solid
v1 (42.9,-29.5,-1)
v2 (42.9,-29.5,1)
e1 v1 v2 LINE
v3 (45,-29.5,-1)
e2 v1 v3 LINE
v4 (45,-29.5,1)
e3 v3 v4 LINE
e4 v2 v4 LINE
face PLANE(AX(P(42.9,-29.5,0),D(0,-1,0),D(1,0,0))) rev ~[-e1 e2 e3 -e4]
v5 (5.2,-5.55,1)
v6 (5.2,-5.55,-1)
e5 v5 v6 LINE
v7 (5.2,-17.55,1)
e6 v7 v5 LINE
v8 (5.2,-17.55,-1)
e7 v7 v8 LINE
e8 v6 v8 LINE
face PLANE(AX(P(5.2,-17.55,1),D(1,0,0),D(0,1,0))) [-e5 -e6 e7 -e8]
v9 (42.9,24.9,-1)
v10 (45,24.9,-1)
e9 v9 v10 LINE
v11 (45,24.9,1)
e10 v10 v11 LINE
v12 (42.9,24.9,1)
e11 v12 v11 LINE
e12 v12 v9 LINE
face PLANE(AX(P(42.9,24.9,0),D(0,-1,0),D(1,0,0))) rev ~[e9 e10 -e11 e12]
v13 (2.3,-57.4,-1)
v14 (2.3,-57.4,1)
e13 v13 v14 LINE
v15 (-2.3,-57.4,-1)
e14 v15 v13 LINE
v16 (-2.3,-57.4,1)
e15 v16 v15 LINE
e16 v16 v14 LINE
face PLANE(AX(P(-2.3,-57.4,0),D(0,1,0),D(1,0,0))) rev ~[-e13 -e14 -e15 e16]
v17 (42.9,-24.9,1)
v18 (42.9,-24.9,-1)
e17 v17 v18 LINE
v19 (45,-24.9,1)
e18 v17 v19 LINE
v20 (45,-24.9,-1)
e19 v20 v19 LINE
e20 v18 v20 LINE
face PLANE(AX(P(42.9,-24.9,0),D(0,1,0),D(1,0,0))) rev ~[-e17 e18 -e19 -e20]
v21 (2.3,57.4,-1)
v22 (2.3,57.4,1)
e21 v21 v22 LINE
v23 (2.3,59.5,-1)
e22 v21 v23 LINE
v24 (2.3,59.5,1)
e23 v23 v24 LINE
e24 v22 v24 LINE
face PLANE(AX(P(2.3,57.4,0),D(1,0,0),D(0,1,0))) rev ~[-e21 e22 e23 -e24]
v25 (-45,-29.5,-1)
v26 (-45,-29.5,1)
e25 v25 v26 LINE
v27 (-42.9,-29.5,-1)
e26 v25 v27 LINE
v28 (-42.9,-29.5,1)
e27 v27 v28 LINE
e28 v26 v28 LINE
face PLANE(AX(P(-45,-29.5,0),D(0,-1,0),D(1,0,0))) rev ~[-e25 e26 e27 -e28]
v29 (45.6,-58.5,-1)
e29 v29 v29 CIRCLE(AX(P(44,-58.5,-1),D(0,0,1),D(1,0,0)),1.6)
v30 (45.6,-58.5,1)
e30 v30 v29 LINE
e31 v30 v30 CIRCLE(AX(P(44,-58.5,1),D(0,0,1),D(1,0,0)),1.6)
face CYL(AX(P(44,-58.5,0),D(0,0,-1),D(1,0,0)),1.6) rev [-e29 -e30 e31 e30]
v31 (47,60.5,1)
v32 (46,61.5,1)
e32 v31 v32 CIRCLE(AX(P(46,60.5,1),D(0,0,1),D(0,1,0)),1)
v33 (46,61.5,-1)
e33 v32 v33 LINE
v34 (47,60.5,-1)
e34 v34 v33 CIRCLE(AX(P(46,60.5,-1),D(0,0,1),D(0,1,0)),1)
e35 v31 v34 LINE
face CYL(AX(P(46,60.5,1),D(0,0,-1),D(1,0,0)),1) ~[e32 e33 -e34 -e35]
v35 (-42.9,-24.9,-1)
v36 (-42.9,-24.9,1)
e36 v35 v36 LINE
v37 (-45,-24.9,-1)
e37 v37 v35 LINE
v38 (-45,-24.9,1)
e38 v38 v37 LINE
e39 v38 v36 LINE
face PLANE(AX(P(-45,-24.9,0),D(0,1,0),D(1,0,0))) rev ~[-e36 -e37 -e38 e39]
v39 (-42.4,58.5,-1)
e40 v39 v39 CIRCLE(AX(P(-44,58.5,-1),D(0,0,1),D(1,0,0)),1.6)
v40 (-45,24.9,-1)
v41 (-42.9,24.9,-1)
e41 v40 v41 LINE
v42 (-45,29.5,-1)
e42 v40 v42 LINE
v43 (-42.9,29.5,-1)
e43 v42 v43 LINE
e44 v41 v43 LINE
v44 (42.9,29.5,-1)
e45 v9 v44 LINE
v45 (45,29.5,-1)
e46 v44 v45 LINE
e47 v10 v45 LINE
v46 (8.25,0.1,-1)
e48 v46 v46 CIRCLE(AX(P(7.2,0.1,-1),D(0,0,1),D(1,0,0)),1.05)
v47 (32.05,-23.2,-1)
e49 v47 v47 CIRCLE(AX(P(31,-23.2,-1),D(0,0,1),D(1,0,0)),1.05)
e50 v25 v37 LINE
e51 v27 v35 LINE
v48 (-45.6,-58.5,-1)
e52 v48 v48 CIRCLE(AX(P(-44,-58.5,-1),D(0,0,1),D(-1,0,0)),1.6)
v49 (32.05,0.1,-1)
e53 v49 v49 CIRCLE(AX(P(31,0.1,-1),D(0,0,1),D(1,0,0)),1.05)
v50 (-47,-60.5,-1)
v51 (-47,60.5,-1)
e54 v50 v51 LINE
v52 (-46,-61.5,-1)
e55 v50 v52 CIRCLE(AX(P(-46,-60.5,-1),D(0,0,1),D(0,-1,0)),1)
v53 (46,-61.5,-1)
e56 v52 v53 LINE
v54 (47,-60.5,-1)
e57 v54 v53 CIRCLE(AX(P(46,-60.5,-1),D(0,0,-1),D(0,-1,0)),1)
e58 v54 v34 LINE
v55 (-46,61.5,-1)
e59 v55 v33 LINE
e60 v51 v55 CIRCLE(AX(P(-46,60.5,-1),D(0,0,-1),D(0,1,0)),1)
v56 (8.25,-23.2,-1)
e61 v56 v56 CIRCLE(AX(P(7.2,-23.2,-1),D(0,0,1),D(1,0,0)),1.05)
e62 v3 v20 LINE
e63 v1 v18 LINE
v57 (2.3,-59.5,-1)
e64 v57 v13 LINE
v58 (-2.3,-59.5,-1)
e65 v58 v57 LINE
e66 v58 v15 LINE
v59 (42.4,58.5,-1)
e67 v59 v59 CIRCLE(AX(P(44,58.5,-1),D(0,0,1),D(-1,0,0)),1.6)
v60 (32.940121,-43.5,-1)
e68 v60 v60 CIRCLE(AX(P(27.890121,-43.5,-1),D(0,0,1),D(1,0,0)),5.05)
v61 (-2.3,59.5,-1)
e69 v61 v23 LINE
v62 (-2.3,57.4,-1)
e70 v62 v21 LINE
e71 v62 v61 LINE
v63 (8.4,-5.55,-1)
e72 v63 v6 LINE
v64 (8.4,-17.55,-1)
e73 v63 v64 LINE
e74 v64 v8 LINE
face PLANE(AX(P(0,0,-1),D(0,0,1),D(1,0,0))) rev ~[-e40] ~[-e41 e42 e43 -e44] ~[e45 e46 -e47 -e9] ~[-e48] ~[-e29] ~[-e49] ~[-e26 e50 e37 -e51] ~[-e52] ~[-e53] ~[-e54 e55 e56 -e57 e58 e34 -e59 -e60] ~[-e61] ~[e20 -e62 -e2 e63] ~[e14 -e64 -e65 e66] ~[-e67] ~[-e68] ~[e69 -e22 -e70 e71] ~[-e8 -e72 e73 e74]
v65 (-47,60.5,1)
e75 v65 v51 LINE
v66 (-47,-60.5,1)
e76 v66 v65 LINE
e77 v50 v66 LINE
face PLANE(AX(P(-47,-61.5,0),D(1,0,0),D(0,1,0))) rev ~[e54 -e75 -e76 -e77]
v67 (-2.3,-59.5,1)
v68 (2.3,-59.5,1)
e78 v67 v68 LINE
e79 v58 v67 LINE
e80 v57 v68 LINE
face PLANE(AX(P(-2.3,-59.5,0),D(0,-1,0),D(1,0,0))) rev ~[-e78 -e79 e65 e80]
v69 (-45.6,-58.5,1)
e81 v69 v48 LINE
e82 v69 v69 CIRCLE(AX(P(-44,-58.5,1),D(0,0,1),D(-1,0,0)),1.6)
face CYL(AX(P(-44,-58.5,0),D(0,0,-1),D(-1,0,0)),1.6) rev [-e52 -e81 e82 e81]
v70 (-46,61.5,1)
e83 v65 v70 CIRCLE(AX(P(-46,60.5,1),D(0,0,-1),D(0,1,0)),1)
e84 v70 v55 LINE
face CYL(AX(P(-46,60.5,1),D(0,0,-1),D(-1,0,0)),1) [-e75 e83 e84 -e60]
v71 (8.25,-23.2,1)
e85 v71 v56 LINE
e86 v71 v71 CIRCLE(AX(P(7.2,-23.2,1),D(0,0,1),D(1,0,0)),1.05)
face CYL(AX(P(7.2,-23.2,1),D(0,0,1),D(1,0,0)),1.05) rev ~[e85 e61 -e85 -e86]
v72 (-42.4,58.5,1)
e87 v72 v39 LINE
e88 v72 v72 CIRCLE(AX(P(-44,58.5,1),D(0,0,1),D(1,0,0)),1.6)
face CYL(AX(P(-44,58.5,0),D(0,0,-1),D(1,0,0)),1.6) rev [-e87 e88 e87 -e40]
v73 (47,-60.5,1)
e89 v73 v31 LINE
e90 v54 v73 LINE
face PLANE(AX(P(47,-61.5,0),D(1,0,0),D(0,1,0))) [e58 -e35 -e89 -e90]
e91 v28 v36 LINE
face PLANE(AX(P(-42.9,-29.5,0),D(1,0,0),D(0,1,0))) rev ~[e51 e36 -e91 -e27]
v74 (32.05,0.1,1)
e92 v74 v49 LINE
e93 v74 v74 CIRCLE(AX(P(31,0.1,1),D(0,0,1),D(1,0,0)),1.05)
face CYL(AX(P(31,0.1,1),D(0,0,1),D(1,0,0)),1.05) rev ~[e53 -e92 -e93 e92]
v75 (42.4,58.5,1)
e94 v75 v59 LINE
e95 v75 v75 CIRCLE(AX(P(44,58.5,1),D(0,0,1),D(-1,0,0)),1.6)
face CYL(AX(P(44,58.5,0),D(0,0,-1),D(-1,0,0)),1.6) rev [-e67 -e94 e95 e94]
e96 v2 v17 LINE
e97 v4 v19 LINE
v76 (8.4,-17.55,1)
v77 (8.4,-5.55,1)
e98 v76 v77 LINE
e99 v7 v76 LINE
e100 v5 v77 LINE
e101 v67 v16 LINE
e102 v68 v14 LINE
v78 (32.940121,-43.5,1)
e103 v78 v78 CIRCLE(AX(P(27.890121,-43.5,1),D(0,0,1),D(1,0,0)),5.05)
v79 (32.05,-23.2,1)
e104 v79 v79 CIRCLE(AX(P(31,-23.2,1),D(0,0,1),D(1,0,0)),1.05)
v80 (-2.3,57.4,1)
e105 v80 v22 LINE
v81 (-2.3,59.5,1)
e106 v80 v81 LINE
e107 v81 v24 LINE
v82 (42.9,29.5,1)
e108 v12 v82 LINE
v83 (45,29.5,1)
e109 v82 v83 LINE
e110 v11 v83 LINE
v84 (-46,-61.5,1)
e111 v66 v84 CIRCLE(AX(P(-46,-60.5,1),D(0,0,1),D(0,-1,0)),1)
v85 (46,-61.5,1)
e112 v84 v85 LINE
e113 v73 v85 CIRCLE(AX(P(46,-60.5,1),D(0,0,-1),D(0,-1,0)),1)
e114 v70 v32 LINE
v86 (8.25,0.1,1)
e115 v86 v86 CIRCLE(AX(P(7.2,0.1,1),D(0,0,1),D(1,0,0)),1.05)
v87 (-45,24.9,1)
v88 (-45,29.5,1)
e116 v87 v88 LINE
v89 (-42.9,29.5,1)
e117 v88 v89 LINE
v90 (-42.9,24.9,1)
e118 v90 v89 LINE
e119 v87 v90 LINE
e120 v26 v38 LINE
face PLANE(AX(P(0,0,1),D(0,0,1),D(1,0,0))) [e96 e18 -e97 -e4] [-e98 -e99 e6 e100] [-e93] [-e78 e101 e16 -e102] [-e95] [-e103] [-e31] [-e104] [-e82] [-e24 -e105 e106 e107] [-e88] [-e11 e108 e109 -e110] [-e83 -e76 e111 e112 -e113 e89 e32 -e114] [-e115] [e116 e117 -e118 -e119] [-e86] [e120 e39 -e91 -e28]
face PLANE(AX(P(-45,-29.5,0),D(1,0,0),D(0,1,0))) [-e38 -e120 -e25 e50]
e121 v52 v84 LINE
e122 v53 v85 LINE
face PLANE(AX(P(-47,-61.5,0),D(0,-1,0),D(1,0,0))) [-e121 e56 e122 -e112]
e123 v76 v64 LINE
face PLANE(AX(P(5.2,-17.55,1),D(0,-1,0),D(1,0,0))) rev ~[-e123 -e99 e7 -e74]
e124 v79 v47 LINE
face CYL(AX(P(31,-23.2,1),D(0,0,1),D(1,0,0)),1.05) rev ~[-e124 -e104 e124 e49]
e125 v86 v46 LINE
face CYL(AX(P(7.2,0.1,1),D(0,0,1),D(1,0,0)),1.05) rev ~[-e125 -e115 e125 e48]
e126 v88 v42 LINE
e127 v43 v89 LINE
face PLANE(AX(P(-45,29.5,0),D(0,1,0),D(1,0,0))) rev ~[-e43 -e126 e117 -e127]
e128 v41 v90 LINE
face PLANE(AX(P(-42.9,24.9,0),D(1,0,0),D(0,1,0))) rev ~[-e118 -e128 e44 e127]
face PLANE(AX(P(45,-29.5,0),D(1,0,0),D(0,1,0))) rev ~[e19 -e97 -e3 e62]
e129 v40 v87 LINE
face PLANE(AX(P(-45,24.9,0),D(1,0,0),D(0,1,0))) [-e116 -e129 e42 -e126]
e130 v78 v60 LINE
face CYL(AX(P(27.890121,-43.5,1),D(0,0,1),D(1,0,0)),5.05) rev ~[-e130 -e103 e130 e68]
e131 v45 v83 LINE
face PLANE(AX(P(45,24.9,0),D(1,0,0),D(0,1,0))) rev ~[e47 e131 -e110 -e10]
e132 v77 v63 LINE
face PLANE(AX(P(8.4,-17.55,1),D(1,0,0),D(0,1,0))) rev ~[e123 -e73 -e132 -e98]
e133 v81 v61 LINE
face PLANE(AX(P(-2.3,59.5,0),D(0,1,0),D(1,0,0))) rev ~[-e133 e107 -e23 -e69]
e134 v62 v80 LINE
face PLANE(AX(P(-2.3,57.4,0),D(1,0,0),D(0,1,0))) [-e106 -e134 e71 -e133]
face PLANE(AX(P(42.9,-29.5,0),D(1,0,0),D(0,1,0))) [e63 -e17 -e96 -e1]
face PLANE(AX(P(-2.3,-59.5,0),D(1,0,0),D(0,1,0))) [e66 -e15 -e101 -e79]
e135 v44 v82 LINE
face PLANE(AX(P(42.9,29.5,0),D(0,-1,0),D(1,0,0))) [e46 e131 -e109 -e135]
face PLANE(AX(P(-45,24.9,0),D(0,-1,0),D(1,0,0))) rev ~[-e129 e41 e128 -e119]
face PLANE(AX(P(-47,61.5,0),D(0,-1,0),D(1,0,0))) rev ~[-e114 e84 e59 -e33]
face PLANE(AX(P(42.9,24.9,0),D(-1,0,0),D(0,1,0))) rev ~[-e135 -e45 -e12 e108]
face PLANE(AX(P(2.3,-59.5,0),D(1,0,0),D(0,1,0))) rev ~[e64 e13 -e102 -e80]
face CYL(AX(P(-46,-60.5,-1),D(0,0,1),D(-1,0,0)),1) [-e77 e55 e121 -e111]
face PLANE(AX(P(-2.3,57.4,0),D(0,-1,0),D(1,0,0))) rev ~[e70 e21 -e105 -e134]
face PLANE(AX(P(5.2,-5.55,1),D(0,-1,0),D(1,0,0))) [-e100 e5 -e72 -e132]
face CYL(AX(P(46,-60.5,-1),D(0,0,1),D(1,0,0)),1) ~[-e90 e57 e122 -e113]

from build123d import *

# Parameters (mm, degrees)
SKETCH1_W           = 94
SKETCH1_H           = 123
SKETCH1_R           = 1.6
SKETCH1_W_2         = 4.6
SKETCH1_H_2         = 2.1
SKETCH1_W_3         = 2.1
SKETCH1_H_3         = 4.6
BOSS_EXTRUDE1_DEPTH = 1
FILLET1_R           = 1
CUT_EXTRUDE1_REACH  = 79.429
SKETCH2_R           = 5.05
SKETCH2_R_2         = 1.05
SKETCH2_W           = 3.2
SKETCH2_H           = 12


with BuildPart() as part:
    # Sketch1 → Boss-Extrude1 (new, symmetric)
    with BuildSketch(Plane.XY):
        Rectangle(SKETCH1_W, SKETCH1_H)
        with Locations((-44, 58.5)):
            Circle(SKETCH1_R, mode=Mode.SUBTRACT)
        with Locations(Location((-44, -58.5, 0), (0, 0, 180))):
            Circle(SKETCH1_R, mode=Mode.SUBTRACT)
        with Locations((44, -58.5)):
            Circle(SKETCH1_R, mode=Mode.SUBTRACT)
        with Locations(Location((44, 58.5, 0), (0, 0, 180))):
            Circle(SKETCH1_R, mode=Mode.SUBTRACT)
        with Locations((0, -58.45)):
            Rectangle(SKETCH1_W_2, SKETCH1_H_2, mode=Mode.SUBTRACT)
        with Locations((0, 58.45)):
            Rectangle(SKETCH1_W_2, SKETCH1_H_2, mode=Mode.SUBTRACT)
        with Locations((-43.95, -27.2)):
            Rectangle(SKETCH1_W_3, SKETCH1_H_3, mode=Mode.SUBTRACT)
        with Locations((-43.95, 27.2)):
            Rectangle(SKETCH1_W_3, SKETCH1_H_3, mode=Mode.SUBTRACT)
        with Locations((43.95, -27.2)):
            Rectangle(SKETCH1_W_3, SKETCH1_H_3, mode=Mode.SUBTRACT)
        with Locations((43.95, 27.2)):
            Rectangle(SKETCH1_W_3, SKETCH1_H_3, mode=Mode.SUBTRACT)
    extrude(amount=BOSS_EXTRUDE1_DEPTH, both=True)

    # Fillet1
    fillet1_edges = [part.edges().sort_by_distance(p)[0] for p in [
        (47, -61.5, 0),
        (-47, -61.5, 0),
        (-47, 61.5, 0),
        (47, 61.5, 0),
    ]]
    fillet(fillet1_edges, radius=FILLET1_R)

    # Sketch2 → Cut-Extrude1 (cut, up to next)
    with BuildSketch(Plane.XY.offset(1), mode=Mode.PRIVATE) as cut_extrude1_sk1:
        with Locations((27.890121282, -43.5)):
            Circle(SKETCH2_R)
    cut_extrude1_tool1 = extrude(cut_extrude1_sk1.sketch, amount=-CUT_EXTRUDE1_REACH, mode=Mode.PRIVATE) & part.part
    # Sketch2 → Cut-Extrude1 (cut, up to next)
    with BuildSketch(Plane.XY.offset(1), mode=Mode.PRIVATE) as cut_extrude1_sk2:
        with Locations((7.2, -23.2)):
            Circle(SKETCH2_R_2)
    cut_extrude1_tool2 = extrude(cut_extrude1_sk2.sketch, amount=-CUT_EXTRUDE1_REACH, mode=Mode.PRIVATE) & part.part
    # Sketch2 → Cut-Extrude1 (cut, up to next)
    with BuildSketch(Plane.XY.offset(1), mode=Mode.PRIVATE) as cut_extrude1_sk3:
        with Locations((31, -23.2)):
            Circle(SKETCH2_R_2)
    cut_extrude1_tool3 = extrude(cut_extrude1_sk3.sketch, amount=-CUT_EXTRUDE1_REACH, mode=Mode.PRIVATE) & part.part
    # Sketch2 → Cut-Extrude1 (cut, up to next)
    with BuildSketch(Plane.XY.offset(1), mode=Mode.PRIVATE) as cut_extrude1_sk4:
        with Locations((31, 0.1)):
            Circle(SKETCH2_R_2)
    cut_extrude1_tool4 = extrude(cut_extrude1_sk4.sketch, amount=-CUT_EXTRUDE1_REACH, mode=Mode.PRIVATE) & part.part
    # Sketch2 → Cut-Extrude1 (cut, up to next)
    with BuildSketch(Plane.XY.offset(1), mode=Mode.PRIVATE) as cut_extrude1_sk5:
        with Locations((7.2, 0.1)):
            Circle(SKETCH2_R_2)
    cut_extrude1_tool5 = extrude(cut_extrude1_sk5.sketch, amount=-CUT_EXTRUDE1_REACH, mode=Mode.PRIVATE) & part.part
    # Sketch2 → Cut-Extrude1 (cut, up to next)
    with BuildSketch(Plane.XY.offset(1), mode=Mode.PRIVATE) as cut_extrude1_sk6:
        with Locations((6.8, -11.55)):
            Rectangle(SKETCH2_W, SKETCH2_H)
    cut_extrude1_tool6 = extrude(cut_extrude1_sk6.sketch, amount=-CUT_EXTRUDE1_REACH, mode=Mode.PRIVATE) & part.part
    add(cut_extrude1_tool1.solids().sort_by_distance((27.890121, -43.5, 1))[0], mode=Mode.SUBTRACT)
    add(cut_extrude1_tool2.solids().sort_by_distance((7.2, -23.2, 1))[0], mode=Mode.SUBTRACT)
    add(cut_extrude1_tool3.solids().sort_by_distance((31, -23.2, 1))[0], mode=Mode.SUBTRACT)
    add(cut_extrude1_tool4.solids().sort_by_distance((31, 0.1, 1))[0], mode=Mode.SUBTRACT)
    add(cut_extrude1_tool5.solids().sort_by_distance((7.2, 0.1, 1))[0], mode=Mode.SUBTRACT)
    add(cut_extrude1_tool6.solids().sort_by_distance((6.8, -11.55, 1))[0], mode=Mode.SUBTRACT)


solid = part.part
